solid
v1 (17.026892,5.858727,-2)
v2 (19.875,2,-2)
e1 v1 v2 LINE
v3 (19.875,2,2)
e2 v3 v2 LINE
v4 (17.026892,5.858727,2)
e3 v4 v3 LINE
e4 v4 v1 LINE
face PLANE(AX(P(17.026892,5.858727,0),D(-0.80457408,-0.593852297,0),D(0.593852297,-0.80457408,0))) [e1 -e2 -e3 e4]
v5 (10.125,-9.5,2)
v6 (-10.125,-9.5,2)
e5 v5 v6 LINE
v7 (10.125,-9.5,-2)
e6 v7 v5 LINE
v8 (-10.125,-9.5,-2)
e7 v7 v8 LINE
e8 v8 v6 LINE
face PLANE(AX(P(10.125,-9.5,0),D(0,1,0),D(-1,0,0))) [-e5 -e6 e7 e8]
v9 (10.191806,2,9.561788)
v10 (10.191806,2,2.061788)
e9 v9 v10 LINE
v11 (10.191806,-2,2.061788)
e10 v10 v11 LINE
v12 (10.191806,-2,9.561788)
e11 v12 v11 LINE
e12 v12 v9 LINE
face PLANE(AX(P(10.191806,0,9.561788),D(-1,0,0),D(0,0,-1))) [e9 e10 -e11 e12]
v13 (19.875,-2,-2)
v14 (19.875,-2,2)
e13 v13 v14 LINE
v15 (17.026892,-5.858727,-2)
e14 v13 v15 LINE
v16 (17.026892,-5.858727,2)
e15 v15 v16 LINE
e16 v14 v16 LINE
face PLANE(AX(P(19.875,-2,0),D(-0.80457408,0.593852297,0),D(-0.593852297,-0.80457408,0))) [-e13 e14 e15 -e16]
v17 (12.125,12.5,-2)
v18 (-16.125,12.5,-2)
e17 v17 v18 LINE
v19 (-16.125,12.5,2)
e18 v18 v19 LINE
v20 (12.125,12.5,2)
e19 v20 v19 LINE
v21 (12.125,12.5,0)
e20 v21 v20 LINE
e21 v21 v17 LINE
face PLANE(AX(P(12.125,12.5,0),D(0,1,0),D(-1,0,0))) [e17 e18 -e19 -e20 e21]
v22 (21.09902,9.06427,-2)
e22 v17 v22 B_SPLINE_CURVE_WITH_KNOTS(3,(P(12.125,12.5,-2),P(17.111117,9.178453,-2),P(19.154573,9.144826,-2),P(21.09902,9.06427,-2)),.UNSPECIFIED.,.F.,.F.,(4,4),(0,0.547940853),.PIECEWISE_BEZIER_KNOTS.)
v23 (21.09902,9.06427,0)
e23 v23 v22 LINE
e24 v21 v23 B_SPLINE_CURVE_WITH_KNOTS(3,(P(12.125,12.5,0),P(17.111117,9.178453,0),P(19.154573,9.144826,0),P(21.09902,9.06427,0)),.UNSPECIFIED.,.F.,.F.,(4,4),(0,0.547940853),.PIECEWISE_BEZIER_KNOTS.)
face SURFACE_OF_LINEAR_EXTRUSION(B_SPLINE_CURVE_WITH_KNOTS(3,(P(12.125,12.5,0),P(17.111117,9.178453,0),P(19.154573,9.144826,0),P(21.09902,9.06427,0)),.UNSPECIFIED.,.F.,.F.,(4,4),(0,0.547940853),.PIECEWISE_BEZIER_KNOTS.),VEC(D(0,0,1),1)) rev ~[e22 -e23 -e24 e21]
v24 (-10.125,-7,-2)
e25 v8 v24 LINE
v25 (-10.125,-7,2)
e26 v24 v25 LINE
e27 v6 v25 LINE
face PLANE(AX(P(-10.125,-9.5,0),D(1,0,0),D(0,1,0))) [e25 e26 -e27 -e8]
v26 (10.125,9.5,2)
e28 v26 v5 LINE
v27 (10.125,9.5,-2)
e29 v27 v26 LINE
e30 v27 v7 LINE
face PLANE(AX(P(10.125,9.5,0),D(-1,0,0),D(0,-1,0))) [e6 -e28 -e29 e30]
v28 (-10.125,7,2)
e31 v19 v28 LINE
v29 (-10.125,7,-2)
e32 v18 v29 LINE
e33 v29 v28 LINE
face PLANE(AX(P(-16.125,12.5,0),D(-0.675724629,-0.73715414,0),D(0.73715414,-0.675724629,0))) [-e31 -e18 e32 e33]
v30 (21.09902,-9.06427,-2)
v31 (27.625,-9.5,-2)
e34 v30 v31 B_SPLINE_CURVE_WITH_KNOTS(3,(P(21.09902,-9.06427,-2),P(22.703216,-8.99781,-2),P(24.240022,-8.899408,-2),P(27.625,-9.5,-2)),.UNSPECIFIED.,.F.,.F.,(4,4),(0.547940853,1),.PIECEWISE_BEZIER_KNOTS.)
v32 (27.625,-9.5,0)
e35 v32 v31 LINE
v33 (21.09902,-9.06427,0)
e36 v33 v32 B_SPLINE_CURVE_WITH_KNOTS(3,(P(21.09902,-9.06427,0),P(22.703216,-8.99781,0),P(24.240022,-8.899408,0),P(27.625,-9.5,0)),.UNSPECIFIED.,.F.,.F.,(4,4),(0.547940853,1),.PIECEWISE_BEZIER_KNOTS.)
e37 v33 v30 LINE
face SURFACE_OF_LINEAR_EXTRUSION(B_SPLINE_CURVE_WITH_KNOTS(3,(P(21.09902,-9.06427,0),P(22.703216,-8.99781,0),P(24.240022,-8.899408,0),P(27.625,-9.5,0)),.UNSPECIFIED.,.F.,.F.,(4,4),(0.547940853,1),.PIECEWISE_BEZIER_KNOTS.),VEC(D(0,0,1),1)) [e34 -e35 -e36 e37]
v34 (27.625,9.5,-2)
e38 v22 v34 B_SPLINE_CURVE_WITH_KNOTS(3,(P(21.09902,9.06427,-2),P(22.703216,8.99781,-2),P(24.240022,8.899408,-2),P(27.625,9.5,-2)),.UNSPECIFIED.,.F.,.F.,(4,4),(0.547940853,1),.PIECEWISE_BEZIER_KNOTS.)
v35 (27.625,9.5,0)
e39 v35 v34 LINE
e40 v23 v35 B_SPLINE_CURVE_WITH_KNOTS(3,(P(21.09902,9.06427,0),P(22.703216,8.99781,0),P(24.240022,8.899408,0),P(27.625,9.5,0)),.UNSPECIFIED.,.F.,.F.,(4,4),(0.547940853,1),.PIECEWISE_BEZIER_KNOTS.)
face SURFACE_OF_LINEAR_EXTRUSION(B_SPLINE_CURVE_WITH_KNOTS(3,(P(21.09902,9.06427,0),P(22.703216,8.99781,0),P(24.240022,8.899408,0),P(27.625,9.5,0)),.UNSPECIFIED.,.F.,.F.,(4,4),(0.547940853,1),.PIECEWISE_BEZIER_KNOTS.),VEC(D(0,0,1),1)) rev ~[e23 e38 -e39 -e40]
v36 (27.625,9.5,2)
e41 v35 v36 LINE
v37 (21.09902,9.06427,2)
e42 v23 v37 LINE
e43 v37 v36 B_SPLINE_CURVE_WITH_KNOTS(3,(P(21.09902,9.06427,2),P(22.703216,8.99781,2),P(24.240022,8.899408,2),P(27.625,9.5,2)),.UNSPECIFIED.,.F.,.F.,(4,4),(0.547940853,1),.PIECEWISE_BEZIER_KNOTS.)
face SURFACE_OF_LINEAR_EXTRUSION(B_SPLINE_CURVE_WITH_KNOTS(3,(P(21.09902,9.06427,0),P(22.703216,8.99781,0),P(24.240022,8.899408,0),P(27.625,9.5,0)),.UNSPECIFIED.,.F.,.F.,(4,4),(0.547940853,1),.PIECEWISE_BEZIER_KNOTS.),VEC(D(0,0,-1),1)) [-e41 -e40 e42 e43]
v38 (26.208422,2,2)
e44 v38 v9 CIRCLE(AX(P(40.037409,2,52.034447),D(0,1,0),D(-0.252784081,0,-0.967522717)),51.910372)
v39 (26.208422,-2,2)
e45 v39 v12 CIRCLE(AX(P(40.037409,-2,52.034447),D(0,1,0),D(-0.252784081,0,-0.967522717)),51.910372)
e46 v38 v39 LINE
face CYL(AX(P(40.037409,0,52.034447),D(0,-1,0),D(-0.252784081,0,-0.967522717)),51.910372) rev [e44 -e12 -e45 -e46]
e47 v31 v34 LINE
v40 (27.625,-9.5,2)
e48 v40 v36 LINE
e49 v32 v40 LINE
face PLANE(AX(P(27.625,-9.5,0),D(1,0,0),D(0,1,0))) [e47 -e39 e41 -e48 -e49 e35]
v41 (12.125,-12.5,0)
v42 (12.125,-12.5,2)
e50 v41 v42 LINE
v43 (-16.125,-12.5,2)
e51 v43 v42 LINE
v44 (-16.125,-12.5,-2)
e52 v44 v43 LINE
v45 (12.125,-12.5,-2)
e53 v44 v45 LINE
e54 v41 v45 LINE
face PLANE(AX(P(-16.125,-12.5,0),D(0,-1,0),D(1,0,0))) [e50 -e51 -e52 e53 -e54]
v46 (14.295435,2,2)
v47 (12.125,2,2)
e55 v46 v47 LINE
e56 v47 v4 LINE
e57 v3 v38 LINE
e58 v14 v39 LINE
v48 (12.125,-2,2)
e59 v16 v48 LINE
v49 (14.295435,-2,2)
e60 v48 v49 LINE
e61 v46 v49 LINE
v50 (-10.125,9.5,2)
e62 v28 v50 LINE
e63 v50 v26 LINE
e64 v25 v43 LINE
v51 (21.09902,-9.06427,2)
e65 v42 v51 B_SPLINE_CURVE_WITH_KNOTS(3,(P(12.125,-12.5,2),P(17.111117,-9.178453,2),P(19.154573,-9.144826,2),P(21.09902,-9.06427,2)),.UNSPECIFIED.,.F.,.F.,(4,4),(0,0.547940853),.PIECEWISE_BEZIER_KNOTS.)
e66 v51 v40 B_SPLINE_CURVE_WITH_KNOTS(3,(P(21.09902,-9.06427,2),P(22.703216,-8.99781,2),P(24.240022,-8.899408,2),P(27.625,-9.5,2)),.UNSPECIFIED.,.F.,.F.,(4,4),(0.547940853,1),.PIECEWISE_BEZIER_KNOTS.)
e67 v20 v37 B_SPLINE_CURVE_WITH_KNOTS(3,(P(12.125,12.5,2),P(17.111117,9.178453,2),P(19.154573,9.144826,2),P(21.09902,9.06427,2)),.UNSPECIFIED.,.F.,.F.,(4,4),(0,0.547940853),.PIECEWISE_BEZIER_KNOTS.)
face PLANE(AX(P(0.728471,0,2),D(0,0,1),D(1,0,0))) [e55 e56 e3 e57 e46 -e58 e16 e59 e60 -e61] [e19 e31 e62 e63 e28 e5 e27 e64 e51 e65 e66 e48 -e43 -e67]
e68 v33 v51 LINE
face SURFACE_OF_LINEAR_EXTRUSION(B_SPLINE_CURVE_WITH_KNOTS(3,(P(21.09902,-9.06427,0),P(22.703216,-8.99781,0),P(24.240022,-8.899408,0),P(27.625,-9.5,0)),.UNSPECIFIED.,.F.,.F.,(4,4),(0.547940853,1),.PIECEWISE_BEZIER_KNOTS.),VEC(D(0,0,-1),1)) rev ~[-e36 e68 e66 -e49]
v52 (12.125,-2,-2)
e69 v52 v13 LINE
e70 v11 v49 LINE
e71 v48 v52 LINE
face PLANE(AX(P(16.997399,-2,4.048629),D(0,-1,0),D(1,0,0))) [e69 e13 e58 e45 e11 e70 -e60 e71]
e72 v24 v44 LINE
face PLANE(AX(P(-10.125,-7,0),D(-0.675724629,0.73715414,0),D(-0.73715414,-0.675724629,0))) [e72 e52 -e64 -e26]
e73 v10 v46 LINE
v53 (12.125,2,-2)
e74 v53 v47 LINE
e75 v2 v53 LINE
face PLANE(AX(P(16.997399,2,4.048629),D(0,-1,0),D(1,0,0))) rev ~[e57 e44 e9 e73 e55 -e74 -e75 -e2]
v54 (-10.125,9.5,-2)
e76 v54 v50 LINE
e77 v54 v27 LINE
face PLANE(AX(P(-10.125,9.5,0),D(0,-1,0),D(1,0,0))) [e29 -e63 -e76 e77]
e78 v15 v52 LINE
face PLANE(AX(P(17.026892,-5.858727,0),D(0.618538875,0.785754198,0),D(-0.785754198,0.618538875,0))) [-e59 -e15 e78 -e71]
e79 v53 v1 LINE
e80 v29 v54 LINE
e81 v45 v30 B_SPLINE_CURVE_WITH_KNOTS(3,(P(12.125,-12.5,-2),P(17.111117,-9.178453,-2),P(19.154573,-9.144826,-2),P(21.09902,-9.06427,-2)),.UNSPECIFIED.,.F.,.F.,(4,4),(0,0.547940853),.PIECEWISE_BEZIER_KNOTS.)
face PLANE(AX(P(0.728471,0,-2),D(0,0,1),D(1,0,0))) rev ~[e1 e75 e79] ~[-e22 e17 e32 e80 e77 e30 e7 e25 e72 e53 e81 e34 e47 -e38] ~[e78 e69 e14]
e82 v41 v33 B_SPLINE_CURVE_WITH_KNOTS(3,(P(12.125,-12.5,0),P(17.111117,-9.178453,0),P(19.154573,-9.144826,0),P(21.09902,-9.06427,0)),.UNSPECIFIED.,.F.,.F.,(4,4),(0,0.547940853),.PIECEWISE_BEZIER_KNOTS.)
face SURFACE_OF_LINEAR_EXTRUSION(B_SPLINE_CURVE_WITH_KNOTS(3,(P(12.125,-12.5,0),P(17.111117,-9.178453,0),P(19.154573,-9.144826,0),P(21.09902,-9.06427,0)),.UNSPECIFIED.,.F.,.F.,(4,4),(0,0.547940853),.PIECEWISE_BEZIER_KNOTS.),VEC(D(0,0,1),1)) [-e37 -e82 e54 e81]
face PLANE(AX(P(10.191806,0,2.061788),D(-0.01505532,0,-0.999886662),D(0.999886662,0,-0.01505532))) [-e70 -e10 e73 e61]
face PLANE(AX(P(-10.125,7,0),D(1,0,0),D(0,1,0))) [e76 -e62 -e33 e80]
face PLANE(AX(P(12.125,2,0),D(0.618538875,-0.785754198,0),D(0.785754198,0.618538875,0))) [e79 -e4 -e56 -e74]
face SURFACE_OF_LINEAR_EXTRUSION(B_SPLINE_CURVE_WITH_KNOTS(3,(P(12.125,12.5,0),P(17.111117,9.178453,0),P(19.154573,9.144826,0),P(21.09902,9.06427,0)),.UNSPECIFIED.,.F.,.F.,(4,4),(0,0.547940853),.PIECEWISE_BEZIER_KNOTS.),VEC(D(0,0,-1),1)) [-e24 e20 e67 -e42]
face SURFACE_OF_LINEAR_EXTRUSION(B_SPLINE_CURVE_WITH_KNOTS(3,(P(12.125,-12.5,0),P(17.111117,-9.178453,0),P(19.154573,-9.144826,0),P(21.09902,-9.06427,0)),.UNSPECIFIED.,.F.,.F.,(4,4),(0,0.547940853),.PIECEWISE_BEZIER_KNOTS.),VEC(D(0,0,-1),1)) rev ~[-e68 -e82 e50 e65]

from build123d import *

# Parameters (mm, degrees)
F1_DEPTH = 2
F3_DEPTH = 2


with BuildPart() as f1:
    # F0 (on Top) → F1 (new body, symmetric)
    with BuildSketch(Plane.XY):
        Polygon((10.125, 9.5), (10.125, -9.5), (-10.125, -9.5), (-10.125, -7), (-16.125, -12.5), (-12.125, -12.5), (12.125, -12.5), (12.125, -2), (12.125, 0), (12.125, 2), (12.125, 12.5), (-12.125, 12.5), (-16.125, 12.5), (-10.125, 7), (-10.125, 9.5), align=None)
        with BuildLine():
            Line((17.0268920894, -5.8587268466), (12.125, -12.5))
            add(Edge.make_bspline(
                [(12.125, -12.5), (17.1111167669, -9.1784531251), (19.154572869, -9.144826131), (21.0990195423, -9.0642701834)],
                knots=[0, 0, 0, 0, 0.5479408527, 0.5479408527, 0.5479408527, 0.5479408527], degree=3))
            Line((21.0990195423, -9.0642701834), (17.0268920894, -5.8587268466))
        make_face()
        Polygon((12.125, -2), (12.125, -12.5), (17.0268920894, -5.8587268466), align=None)
        Polygon((12.125, 0), (12.125, -2), (19.875, -2), (27.625, -2), (27.625, 0), align=None)
        with BuildLine():
            Line((23.9668667925, -5.9598710895), (21.0990195423, -9.0642701834))
            add(Edge.make_bspline(
                [(21.0990195423, -9.0642701834), (22.7032162376, -8.9978103588), (24.2400222719, -8.8994083926), (27.625, -9.5)],
                knots=[0.5479408527, 0.5479408527, 0.5479408527, 0.5479408527, 1, 1, 1, 1], degree=3))
            Line((27.625, -9.5), (23.9668667925, -5.9598710895))
        make_face()
        Polygon((17.0268920894, -5.8587268466), (21.0990195423, -9.0642701834), (23.9668667925, -5.9598710895), (19.875, -2), align=None)
        Polygon((17.0268920894, 5.8587268466), (12.125, 12.5), (12.125, 2), align=None)
        with BuildLine():
            add(Edge.make_bspline(
                [(12.125, 12.5), (17.1111167669, 9.1784531251), (19.154572869, 9.144826131), (21.0990195423, 9.0642701834)],
                knots=[0, 0, 0, 0, 0.5479408527, 0.5479408527, 0.5479408527, 0.5479408527], degree=3))
            Line((12.125, 12.5), (17.0268920894, 5.8587268466))
            Line((17.0268920894, 5.8587268466), (21.0990195423, 9.0642701834))
        make_face()
        Polygon((12.125, 2), (12.125, 0), (27.625, 0), (27.625, 2), (19.875, 2), align=None)
        Polygon((27.625, -2), (19.875, -2), (23.9668667925, -5.9598710895), align=None)
        Polygon((23.9668667925, -5.9598710895), (27.625, -9.5), (27.625, -2), align=None)
        Polygon((23.9668667925, 5.9598710895), (21.0990195423, 9.0642701834), (17.0268920894, 5.8587268466), (19.875, 2), align=None)
        with BuildLine():
            add(Edge.make_bspline(
                [(21.0990195423, 9.0642701834), (22.7032162376, 8.9978103588), (24.2400222719, 8.8994083926), (27.625, 9.5)],
                knots=[0.5479408527, 0.5479408527, 0.5479408527, 0.5479408527, 1, 1, 1, 1], degree=3))
            Line((21.0990195423, 9.0642701834), (23.9668667925, 5.9598710895))
            Line((23.9668667925, 5.9598710895), (27.625, 9.5))
        make_face()
        Polygon((23.9668667925, 5.9598710895), (19.875, 2), (27.625, 2), align=None)
        Polygon((27.625, 2), (27.625, 9.5), (23.9668667925, 5.9598710895), align=None)
    extrude(amount=F1_DEPTH, both=True)

    # F2 (on Front) → F3 (join, symmetric)
    with BuildSketch(Plane.XZ):
        with BuildLine():
            Line((10.1918056607, 9.5617884584), (10.1918056607, 2.0617884584))
            Line((10.1918056607, 2.0617884584), (26.9152931869, 1.8099824665))
            ThreePointArc((26.9152931869, 1.8099824665), (18.2067231126, 4.9376539541), (10.1918056607, 9.5617884584))
        make_face()
    extrude(amount=F3_DEPTH, both=True)


solid = f1.part
